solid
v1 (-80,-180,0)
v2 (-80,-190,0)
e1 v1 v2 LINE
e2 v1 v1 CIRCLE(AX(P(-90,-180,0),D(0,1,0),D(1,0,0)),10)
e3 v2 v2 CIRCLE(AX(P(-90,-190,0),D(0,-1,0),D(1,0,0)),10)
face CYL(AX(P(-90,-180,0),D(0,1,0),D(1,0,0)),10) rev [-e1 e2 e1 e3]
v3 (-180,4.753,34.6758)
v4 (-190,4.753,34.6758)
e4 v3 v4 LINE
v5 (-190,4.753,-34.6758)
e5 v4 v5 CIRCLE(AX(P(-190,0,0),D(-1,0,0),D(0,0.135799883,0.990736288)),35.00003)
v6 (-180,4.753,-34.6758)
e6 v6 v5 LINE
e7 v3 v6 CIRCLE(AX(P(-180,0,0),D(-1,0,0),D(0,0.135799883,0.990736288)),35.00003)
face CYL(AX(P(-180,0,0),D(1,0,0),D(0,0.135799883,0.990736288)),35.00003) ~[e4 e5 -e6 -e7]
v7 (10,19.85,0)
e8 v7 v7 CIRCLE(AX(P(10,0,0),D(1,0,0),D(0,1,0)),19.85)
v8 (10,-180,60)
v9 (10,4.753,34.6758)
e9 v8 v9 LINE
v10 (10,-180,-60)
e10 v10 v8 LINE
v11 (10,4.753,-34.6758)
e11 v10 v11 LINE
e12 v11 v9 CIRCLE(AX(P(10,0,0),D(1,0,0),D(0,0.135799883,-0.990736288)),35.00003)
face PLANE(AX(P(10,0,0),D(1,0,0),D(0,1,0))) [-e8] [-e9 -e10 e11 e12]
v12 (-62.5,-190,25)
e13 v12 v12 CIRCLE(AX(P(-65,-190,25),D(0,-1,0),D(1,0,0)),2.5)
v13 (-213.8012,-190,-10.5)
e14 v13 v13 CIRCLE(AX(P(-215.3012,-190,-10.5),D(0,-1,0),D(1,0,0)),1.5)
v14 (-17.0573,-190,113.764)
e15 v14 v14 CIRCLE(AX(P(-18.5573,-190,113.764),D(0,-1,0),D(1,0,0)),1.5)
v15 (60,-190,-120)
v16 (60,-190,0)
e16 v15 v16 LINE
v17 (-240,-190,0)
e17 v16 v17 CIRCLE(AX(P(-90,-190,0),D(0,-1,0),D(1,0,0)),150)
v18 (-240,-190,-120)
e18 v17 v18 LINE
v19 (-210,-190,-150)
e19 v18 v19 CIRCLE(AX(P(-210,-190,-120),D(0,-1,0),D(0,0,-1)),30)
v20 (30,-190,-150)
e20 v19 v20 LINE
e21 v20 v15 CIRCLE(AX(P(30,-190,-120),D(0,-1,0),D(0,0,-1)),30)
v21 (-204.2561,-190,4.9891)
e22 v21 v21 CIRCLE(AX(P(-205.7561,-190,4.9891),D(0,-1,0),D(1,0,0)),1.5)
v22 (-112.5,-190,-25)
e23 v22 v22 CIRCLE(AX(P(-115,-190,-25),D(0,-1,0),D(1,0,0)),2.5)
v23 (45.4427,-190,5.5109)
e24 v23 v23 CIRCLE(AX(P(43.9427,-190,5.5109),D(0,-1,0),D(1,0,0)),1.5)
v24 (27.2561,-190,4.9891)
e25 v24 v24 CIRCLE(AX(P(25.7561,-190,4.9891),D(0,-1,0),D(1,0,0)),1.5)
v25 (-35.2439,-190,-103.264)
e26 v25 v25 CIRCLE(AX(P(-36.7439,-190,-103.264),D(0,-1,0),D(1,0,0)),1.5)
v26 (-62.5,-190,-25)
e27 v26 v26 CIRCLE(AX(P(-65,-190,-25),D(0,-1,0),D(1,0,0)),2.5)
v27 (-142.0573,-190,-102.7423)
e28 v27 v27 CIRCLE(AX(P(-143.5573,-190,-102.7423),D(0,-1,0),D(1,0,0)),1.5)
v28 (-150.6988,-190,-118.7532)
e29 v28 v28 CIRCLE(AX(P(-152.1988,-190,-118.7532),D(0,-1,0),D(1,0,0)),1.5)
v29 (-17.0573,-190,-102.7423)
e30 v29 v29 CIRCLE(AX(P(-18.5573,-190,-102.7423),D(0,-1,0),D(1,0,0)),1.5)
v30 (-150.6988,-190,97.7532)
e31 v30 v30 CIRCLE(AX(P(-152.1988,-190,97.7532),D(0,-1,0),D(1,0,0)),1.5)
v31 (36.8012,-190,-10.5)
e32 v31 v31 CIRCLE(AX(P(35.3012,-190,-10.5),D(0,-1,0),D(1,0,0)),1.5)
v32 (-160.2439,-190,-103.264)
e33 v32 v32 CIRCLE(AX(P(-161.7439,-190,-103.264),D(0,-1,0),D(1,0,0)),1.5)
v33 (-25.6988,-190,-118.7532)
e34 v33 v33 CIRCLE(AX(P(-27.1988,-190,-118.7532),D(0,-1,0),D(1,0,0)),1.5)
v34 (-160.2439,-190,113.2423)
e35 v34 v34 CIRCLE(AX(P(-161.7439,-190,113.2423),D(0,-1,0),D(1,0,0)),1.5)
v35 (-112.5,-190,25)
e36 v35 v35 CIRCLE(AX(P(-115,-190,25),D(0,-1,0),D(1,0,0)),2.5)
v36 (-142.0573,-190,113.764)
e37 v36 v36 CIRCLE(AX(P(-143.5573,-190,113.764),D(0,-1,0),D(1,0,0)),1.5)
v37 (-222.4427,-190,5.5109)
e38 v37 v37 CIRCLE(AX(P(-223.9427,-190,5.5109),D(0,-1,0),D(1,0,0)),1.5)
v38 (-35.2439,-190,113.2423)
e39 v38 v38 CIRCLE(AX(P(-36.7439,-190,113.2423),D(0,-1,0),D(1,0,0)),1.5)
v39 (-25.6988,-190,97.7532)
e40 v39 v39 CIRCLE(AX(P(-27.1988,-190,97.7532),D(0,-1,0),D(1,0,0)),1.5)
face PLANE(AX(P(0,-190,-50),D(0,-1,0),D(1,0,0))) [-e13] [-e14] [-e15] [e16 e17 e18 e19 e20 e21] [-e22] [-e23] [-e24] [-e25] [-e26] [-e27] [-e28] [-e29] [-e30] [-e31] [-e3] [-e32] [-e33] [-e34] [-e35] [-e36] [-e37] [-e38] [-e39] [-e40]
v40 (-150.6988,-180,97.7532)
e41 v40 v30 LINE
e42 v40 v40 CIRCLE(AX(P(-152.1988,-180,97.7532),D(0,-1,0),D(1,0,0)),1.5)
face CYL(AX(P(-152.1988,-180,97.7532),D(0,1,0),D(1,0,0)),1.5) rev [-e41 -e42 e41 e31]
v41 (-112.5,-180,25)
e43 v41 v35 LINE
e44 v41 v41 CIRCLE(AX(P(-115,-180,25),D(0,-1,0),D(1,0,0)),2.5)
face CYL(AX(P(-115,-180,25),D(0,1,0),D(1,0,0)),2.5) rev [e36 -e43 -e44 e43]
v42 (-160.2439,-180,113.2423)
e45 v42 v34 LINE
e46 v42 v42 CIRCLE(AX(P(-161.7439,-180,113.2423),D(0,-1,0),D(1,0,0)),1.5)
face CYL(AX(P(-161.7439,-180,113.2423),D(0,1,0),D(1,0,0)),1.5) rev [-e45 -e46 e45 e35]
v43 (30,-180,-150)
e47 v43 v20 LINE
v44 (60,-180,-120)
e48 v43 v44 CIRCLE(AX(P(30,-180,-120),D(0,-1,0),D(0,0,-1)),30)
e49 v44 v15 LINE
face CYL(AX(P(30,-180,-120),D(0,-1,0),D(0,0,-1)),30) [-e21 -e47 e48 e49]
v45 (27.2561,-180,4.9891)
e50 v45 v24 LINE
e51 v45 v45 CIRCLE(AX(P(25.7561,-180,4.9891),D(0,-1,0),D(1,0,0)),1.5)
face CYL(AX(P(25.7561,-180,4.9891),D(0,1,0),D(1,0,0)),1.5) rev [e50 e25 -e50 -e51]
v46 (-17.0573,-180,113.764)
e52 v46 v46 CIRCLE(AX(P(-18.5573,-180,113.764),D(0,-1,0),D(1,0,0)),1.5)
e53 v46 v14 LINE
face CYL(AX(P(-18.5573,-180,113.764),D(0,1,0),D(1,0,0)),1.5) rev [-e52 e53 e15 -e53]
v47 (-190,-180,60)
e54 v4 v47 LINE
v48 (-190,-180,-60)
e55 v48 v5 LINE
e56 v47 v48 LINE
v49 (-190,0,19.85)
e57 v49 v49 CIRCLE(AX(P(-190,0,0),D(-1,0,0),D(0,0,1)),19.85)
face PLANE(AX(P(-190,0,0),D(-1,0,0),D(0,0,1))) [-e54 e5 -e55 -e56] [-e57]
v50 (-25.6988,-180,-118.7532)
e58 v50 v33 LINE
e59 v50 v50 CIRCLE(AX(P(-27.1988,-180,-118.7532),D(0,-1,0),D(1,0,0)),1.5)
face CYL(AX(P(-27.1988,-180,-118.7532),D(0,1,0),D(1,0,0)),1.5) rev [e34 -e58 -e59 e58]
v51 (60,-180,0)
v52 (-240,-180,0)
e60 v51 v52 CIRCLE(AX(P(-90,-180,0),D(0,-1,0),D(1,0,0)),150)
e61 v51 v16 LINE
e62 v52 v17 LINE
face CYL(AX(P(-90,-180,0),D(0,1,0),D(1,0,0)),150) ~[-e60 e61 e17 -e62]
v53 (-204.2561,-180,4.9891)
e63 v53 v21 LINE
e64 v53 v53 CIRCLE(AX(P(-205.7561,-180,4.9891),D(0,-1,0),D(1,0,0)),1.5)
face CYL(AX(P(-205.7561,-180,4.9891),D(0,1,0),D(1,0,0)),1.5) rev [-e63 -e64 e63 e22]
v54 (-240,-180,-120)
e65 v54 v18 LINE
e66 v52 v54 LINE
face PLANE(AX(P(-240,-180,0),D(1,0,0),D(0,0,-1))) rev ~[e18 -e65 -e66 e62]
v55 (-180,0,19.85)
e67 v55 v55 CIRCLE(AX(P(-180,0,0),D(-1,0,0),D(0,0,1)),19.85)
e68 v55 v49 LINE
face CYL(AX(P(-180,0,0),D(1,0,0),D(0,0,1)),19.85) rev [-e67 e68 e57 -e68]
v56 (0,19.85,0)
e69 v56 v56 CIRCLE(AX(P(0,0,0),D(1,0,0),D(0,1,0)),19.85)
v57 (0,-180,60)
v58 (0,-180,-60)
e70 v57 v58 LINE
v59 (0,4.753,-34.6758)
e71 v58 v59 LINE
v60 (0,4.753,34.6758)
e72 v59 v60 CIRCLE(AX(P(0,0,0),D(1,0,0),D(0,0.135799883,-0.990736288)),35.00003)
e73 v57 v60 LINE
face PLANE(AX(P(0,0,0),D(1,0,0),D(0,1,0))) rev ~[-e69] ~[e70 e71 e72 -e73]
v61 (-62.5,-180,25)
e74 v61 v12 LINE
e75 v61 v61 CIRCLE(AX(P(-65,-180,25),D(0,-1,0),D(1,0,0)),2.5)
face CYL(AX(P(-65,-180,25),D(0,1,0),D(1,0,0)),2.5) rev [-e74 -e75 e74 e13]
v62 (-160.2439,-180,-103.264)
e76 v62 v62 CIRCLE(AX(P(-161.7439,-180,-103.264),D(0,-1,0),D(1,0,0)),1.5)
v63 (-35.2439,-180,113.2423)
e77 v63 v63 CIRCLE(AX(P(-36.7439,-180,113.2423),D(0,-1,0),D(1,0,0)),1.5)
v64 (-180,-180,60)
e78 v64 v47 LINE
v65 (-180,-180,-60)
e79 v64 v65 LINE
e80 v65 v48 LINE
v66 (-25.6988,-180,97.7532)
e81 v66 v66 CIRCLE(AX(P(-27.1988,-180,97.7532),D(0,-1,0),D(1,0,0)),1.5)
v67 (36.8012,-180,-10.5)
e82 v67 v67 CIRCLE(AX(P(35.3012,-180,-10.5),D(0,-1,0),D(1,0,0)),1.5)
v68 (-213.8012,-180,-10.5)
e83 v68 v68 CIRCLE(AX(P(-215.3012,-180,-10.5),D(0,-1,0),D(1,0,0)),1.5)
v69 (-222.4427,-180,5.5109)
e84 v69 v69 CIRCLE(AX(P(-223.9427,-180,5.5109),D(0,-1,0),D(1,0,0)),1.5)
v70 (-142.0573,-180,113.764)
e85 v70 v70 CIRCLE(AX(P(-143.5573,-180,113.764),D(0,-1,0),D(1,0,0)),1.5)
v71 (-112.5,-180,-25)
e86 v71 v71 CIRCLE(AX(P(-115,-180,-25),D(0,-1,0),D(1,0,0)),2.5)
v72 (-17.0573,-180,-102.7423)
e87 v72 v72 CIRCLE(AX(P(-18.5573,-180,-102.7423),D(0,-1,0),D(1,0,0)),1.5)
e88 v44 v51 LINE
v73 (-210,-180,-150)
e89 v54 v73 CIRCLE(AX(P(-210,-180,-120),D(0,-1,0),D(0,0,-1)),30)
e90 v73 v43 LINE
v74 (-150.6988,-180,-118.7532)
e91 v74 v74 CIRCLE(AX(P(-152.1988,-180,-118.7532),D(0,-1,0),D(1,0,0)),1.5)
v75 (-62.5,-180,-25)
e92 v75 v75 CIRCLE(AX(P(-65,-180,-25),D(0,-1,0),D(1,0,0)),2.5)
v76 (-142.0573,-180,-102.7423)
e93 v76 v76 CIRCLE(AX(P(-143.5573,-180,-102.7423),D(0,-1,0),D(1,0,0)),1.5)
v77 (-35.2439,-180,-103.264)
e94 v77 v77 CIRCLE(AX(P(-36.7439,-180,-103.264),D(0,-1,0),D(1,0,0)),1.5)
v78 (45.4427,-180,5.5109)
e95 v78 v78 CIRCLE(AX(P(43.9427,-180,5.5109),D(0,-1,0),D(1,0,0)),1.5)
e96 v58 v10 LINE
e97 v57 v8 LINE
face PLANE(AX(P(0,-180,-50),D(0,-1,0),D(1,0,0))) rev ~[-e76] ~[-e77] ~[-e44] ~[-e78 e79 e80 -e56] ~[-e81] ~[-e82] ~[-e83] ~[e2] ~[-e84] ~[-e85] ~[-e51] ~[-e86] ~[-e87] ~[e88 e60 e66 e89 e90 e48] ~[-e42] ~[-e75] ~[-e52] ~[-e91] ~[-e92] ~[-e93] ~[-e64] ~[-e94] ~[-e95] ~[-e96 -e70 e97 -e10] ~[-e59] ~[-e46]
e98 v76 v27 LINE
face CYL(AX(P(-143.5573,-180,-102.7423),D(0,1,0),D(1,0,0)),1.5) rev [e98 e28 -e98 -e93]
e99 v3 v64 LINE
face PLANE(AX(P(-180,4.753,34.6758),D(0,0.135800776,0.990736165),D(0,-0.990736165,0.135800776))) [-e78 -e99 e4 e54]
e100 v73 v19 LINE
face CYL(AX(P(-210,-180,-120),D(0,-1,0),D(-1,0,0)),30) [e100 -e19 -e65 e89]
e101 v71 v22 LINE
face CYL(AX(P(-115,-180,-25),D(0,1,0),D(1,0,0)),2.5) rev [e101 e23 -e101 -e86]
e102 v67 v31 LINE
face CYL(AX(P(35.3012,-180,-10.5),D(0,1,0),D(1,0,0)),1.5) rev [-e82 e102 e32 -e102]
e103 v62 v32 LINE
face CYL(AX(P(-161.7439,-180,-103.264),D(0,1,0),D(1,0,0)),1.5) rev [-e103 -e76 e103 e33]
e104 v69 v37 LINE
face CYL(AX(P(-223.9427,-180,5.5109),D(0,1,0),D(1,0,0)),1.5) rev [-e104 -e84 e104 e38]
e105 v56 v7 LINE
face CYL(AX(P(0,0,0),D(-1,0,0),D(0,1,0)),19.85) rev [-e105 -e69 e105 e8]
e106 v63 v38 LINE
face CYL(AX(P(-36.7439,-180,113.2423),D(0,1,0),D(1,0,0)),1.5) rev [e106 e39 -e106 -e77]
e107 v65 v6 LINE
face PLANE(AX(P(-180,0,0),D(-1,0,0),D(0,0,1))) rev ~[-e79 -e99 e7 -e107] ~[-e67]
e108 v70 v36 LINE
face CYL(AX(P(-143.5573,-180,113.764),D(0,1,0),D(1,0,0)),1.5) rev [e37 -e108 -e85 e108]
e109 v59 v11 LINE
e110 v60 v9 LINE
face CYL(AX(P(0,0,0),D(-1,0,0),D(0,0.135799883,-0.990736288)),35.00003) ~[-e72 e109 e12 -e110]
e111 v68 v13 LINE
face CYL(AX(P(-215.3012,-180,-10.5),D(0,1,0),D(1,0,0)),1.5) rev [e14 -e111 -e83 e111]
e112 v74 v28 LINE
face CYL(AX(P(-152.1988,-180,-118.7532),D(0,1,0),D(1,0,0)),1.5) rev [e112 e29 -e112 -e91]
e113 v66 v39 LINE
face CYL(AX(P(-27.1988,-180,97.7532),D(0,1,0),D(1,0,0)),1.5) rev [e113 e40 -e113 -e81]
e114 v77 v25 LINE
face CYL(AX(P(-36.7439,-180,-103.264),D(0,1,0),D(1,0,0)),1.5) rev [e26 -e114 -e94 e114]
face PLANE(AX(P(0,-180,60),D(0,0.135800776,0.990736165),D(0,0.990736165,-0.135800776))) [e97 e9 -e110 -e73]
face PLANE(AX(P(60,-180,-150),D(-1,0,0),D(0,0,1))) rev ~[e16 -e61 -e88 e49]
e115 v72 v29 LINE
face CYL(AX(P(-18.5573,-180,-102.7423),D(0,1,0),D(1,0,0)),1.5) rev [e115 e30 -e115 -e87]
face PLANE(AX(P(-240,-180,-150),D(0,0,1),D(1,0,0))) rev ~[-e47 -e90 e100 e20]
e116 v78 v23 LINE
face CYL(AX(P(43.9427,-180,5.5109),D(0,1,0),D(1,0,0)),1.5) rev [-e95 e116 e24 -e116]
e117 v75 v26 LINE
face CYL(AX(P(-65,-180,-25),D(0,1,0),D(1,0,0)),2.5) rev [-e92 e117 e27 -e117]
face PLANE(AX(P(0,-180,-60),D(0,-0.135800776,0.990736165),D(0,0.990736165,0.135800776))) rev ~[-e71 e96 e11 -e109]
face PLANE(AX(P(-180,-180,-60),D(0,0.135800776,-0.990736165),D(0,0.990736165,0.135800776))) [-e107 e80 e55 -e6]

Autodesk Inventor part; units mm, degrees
ref_plane "YZ Plane" through (0, 0, 0) normal (1, 0, 0) x (0, 1, 0)
ref_plane "XZ Plane" through (0, 0, 0) normal (0, 1, 0) x (-1, 0, 0)
sketch "Sketch1" plane through (0, 0, 0) normal (1, 0, 0) x (0, 1, 0)
  circle A0 centre (0, 0) radius 19.85
  line L0 (-180, 0) -> (0, 0) construction
  line L1 (-180, 0) -> (-180, -60)
  arc A1 (4.753, -34.6758) -> (4.753, 34.6758) centre (0, 0) ccw
  line L2 (-180, -60) -> (4.753, -34.6758)
  line L3 (-180, 0) -> (-180, 60)
  line L4 (-180, 60) -> (4.753, 34.6758)
  dimension "d0" = 39.7
  dimension "d32" = 60
  dimension "d33" = 70
  dimension "d49" = 180
extrude "Extrusion1" add sketch "Sketch1" along normal blind 10
ref_plane "Work Plane1" through (-180, 0, 0) normal (-1, 0, 0) x (0, 0, 1)
sketch "Sketch2" plane through (-180, 0, 0) normal (-1, 0, 0) x (0, 0, 1)
  circle A0 centre (0, 0) radius 19.85 projected
  line L0 (60, -180) -> (-60, -180) projected
  line L1 (34.6758, 4.753) -> (60, -180) projected
  arc A1 (34.6758, 4.753) -> (-34.6758, 4.753) centre (0, 0) ccw projected
  line L2 (-60, -180) -> (-34.6758, 4.753) projected
  circle A2 centre (0, 0) radius 19.85 projected
extrude "Extrusion2" add sketch "Sketch2" along normal blind 10
sketch "Sketch5" plane through (0, -180, -50) normal (0, -1, 0) x (1, 0, 0)
  arc A0 (60, 50) -> (-240, 50) centre (-90, 50) ccw
  line L0 (-90, 50) -> (35, 50) construction
  circle A1 centre (25.7561, 54.9891) radius 1.5
  circle A2 centre (35.3012, 39.5) radius 1.5
  circle A3 centre (43.9427, 55.5109) radius 1.5
  circle A4 centre (35, 50) radius 13.5 construction
  circle A5 centre (-215.3012, 39.5) radius 1.5
  circle A6 centre (-205.7561, 54.9891) radius 1.5
  circle A7 centre (-215, 50) radius 13.5 construction
  circle A8 centre (-223.9427, 55.5109) radius 1.5
  line L1 (60, 50) -> (-240, 50)
  line L2 (-240, 50) -> (-240, -100)
  line L3 (-240, -100) -> (60, -100)
  line L4 (60, -100) -> (60, 50)
  circle A9 centre (-90, 50) radius 10
  line L5 (-180, -10) -> (-180, 110) construction
  line L6 (-180, 50) -> (0, 50) construction
  line L7 (0, 110) -> (0, -10) construction
  line L8 (-90, 50) -> (-90, 90)
  line L9 (-215, 50) -> (-152.5, 158.2532) construction
  line L10 (-152.5, 158.2532) -> (-27.5, 158.2532) construction
  line L11 (-27.5, 158.2532) -> (35, 50) construction
  line L12 (35, 50) -> (-27.5, -58.2532) construction
  line L13 (-27.5, -58.2532) -> (-152.5, -58.2532) construction
  line L14 (-152.5, -58.2532) -> (-215, 50) construction
  circle A10 centre (-152.1988, -68.7532) radius 1.5
  circle A11 centre (-161.7439, -53.264) radius 1.5
  circle A12 centre (-152.5, -58.2532) radius 13.5 construction
  circle A13 centre (-143.5573, -52.7423) radius 1.5
  circle A14 centre (-27.1988, -68.7532) radius 1.5
  circle A15 centre (-36.7439, -53.264) radius 1.5
  circle A16 centre (-27.5, -58.2532) radius 13.5 construction
  circle A17 centre (-18.5573, -52.7423) radius 1.5
  circle A18 centre (-152.1988, 147.7532) radius 1.5
  circle A19 centre (-161.7439, 163.2423) radius 1.5
  circle A20 centre (-152.5, 158.2532) radius 13.5 construction
  circle A21 centre (-143.5573, 163.764) radius 1.5
  circle A22 centre (-27.1988, 147.7532) radius 1.5
  circle A23 centre (-36.7439, 163.2423) radius 1.5
  circle A24 centre (-27.5, 158.2532) radius 13.5 construction
  circle A25 centre (-18.5573, 163.764) radius 1.5
  line L15 (-65, 75) -> (-115, 75) construction
  line L16 (-115, 75) -> (-115, 25) construction
  line L17 (-115, 25) -> (-65, 25) construction
  line L18 (-65, 25) -> (-65, 75) construction
  line L19 (-65, 75) -> (-115, 25) construction
  line L20 (-115, 75) -> (-65, 25) construction
  circle A26 centre (-65, 75) radius 2.5
  circle A27 centre (-115, 75) radius 2.5
  circle A28 centre (-65, 25) radius 2.5
  circle A29 centre (-115, 25) radius 2.5
  point P0 (35, 50)
  point P1 (35, 50)
  point P2 (35, 50)
  point P3 (-215, 50)
  point P4 (-215, 50)
  point P5 (-215, 50)
  point P6 (-215, 50)
  point P7 (-152.5, -58.2532)
  point P8 (-152.5, -58.2532)
  point P9 (-152.5, -58.2532)
  point P10 (-152.5, -58.2532)
  point P11 (-27.5, -58.2532)
  point P12 (-27.5, -58.2532)
  point P13 (-27.5, -58.2532)
  point P14 (-27.5, -58.2532)
  point P15 (-152.5, 158.2532)
  point P16 (-152.5, 158.2532)
  point P17 (-152.5, 158.2532)
  point P18 (-152.5, 158.2532)
  point P19 (-27.5, 158.2532)
  point P20 (-27.5, 158.2532)
  point P21 (-27.5, 158.2532)
  point P22 (-27.5, 158.2532)
  point P23 (-90, 50)
  dimension "d21" = 300
  dimension "d25" = 125
  dimension "d30" = 20
  dimension "d34" = 40
  dimension "d35" = 150
  dimension "d36" = 50
  dimension "d37" = 50
  dimension "d38" = 5
extrude "Extrusion5" add sketch "Sketch5" along normal blind 10 contours L1 A9 A0 | L4 L3 L2 L1 A9
fillet "Fillet1" radius 30 2 edges at (-240, -185, -150) (60, -185, -150)
sketch "Sketch8" plane through (60, -190, 0) normal (1, 0, 0) x (0, 0, -1)
  line L0 (60, 10) -> (-60, 10) projected
  line L1 (60, 10) -> (105, 10)
  line L2 (0, 10) -> (120, 10) projected
  line L3 (105, 10) -> (105, 31) construction
  circle A0 centre (105, 31) radius 8.5527
  point P0 (0, 190)
  dimension "d44" = 45
  dimension "d45" = 21
extrude "Extrusion7" [suppressed]
properties part number "Foundation-Fork"
